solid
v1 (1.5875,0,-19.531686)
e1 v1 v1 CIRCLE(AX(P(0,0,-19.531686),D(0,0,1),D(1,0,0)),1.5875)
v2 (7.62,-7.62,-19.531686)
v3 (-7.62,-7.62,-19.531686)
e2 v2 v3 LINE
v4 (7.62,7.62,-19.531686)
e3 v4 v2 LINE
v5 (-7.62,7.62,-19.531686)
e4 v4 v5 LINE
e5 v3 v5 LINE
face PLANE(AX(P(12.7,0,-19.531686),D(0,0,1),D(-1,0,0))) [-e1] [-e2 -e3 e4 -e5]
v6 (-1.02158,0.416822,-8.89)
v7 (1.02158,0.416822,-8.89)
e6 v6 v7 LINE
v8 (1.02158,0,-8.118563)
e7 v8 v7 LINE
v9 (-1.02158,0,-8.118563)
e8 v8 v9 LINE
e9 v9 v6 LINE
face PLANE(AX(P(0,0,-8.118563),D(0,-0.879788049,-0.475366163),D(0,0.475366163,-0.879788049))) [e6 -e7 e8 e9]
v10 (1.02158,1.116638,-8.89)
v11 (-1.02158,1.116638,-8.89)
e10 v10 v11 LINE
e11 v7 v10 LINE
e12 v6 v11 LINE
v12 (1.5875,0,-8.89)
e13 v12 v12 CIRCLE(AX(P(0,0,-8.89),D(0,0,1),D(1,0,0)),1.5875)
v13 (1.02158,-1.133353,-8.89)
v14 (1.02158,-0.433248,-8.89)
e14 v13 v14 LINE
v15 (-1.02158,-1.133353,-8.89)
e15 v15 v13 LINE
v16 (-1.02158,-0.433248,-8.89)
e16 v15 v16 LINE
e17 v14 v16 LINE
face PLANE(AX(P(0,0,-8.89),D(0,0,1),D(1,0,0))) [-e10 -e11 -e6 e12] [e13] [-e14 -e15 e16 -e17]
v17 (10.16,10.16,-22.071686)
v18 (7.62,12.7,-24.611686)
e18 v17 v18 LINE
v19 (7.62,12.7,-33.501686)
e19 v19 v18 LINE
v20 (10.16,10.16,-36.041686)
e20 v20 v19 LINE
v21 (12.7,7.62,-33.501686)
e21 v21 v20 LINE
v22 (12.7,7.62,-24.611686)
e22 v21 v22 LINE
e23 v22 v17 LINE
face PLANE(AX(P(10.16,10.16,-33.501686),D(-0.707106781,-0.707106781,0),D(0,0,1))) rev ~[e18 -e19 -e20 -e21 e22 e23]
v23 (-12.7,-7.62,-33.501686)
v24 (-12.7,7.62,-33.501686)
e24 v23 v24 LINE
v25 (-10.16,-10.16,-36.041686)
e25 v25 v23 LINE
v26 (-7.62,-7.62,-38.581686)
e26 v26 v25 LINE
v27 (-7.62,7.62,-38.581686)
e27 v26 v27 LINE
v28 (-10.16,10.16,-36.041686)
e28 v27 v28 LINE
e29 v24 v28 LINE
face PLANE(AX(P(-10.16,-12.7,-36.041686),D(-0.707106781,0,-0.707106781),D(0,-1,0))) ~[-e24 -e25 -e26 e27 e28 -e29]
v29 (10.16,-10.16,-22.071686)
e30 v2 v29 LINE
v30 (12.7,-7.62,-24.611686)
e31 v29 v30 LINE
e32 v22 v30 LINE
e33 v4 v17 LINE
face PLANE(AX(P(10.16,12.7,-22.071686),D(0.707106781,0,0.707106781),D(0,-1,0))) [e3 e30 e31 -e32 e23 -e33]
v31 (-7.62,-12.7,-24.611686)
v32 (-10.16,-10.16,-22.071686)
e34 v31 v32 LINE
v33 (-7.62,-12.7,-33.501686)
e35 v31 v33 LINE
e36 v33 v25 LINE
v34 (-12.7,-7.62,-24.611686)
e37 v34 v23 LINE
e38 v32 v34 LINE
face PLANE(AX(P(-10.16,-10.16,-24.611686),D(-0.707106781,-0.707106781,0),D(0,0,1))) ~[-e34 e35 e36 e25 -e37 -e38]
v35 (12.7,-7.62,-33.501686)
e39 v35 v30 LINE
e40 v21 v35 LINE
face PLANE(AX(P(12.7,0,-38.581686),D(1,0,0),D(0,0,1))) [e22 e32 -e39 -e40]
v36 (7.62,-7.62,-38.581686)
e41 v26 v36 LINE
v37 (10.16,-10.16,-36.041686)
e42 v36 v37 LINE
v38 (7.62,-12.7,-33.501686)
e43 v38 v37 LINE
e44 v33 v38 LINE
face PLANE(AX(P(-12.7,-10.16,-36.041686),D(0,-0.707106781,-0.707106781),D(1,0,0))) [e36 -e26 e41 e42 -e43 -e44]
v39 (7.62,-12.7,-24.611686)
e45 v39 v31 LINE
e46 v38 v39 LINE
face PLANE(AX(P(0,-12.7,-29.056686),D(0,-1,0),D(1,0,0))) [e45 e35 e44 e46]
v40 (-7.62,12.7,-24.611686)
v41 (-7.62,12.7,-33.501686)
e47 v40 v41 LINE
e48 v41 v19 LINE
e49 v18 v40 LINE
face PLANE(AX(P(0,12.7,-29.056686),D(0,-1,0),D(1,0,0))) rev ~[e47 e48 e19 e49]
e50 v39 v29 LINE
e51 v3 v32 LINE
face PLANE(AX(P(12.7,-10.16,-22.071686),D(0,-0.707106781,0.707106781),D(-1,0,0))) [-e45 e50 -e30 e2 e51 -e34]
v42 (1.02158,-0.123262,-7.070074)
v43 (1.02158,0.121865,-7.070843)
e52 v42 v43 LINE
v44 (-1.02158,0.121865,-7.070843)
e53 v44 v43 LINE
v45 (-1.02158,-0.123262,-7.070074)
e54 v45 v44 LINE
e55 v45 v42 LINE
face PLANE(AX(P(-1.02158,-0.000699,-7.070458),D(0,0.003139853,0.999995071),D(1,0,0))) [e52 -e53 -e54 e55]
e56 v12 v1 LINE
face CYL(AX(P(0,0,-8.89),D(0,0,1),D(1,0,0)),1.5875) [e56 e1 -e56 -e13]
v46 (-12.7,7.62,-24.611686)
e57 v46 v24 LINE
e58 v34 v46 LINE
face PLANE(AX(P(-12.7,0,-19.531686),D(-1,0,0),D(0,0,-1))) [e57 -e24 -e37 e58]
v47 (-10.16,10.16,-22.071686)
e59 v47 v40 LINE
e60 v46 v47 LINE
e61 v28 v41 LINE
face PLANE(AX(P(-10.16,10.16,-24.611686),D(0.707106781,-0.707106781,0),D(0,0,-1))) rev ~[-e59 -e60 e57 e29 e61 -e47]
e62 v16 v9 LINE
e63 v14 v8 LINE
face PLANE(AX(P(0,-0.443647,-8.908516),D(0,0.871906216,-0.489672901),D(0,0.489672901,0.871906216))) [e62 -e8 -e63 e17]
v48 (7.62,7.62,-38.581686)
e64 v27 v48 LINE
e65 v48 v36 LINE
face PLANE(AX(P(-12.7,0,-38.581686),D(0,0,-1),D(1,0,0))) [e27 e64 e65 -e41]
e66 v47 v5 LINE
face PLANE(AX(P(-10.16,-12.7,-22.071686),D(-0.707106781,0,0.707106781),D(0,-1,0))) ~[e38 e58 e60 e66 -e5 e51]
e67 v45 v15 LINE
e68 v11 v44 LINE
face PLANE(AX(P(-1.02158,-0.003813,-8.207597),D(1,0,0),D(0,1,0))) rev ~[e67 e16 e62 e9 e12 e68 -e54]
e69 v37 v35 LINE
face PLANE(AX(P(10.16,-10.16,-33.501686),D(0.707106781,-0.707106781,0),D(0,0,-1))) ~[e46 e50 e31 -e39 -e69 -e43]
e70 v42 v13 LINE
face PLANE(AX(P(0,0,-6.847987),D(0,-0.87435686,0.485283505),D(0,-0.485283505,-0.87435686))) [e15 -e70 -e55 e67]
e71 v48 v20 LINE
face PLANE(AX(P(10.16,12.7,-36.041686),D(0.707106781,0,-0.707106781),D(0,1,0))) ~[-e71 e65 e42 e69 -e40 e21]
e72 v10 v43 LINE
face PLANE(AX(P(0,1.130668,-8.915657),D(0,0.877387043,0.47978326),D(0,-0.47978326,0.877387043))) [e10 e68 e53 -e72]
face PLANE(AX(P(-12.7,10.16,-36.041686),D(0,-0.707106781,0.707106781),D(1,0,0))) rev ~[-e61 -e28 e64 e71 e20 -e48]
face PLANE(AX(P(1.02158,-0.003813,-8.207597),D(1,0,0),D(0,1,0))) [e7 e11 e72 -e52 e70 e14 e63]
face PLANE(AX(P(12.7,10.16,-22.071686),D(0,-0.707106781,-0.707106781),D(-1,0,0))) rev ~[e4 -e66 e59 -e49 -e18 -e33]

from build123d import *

# Parameters (mm, degrees)
F1_DEPTH = 12.7
F2_SIZE  = 5.08
F4_R     = 1.5875
F5_DEPTH = 11.73114
F6_SIZE  = 5.08
F8_DEPTH = 1.02158
F9_SIZE  = 0.254


with BuildPart() as f1:
    # F0 (on Front) → F1 (new body, symmetric)
    with BuildSketch(Plane.XZ):
        Polygon((-12.7, -38.581686), (0, -38.581686), (12.7, -38.581686), (12.7, -19.531686), (0, -19.531686), (-12.7, -19.531686), align=None)
    extrude(amount=F1_DEPTH, both=True)

    # F2
    f2_edges = [f1.edges().sort_by_distance(p)[0] for p in [
        (0, -12.7, -19.531686),
        (12.7, 0, -19.531686),
        (-12.7, 0, -19.531686),
        (0, 12.7, -19.531686),
        (-12.7, 0, -38.581686),
        (0, -12.7, -38.581686),
        (12.7, 0, -38.581686),
        (0, 12.7, -38.581686),
    ]]
    chamfer(f2_edges, length=F2_SIZE)

    # F4 (on offset) → F5 (join)
    with BuildSketch(Plane.XY.offset(-8.89)):
        Circle(F4_R)
    extrude(amount=-F5_DEPTH)

    # F6
    f6_edges = [f1.edges().sort_by_distance(p)[0] for p in [
        (-12.7, 12.7, -29.056686),
        (12.7, 12.7, -29.056686),
        (12.7, -12.7, -29.056686),
        (-12.7, -12.7, -29.056686),
    ]]
    chamfer(f6_edges, length=F6_SIZE)

    # F7 (on Right) → F8 (join, symmetric)
    with BuildSketch(Plane.YZ):
        Polygon((0.430685, -8.915657), (1.130668, -8.915657), (0, -6.847987), (-1.14363, -8.908516), (-0.443647, -8.908516), (0, -8.118563), align=None)
    extrude(amount=F8_DEPTH, both=True)

    # F9
    f9_edges = [f1.edges().sort_by_distance(p)[0] for p in [
        (0, 0, -6.847987),
    ]]
    chamfer(f9_edges, length=F9_SIZE)


solid = f1.part
